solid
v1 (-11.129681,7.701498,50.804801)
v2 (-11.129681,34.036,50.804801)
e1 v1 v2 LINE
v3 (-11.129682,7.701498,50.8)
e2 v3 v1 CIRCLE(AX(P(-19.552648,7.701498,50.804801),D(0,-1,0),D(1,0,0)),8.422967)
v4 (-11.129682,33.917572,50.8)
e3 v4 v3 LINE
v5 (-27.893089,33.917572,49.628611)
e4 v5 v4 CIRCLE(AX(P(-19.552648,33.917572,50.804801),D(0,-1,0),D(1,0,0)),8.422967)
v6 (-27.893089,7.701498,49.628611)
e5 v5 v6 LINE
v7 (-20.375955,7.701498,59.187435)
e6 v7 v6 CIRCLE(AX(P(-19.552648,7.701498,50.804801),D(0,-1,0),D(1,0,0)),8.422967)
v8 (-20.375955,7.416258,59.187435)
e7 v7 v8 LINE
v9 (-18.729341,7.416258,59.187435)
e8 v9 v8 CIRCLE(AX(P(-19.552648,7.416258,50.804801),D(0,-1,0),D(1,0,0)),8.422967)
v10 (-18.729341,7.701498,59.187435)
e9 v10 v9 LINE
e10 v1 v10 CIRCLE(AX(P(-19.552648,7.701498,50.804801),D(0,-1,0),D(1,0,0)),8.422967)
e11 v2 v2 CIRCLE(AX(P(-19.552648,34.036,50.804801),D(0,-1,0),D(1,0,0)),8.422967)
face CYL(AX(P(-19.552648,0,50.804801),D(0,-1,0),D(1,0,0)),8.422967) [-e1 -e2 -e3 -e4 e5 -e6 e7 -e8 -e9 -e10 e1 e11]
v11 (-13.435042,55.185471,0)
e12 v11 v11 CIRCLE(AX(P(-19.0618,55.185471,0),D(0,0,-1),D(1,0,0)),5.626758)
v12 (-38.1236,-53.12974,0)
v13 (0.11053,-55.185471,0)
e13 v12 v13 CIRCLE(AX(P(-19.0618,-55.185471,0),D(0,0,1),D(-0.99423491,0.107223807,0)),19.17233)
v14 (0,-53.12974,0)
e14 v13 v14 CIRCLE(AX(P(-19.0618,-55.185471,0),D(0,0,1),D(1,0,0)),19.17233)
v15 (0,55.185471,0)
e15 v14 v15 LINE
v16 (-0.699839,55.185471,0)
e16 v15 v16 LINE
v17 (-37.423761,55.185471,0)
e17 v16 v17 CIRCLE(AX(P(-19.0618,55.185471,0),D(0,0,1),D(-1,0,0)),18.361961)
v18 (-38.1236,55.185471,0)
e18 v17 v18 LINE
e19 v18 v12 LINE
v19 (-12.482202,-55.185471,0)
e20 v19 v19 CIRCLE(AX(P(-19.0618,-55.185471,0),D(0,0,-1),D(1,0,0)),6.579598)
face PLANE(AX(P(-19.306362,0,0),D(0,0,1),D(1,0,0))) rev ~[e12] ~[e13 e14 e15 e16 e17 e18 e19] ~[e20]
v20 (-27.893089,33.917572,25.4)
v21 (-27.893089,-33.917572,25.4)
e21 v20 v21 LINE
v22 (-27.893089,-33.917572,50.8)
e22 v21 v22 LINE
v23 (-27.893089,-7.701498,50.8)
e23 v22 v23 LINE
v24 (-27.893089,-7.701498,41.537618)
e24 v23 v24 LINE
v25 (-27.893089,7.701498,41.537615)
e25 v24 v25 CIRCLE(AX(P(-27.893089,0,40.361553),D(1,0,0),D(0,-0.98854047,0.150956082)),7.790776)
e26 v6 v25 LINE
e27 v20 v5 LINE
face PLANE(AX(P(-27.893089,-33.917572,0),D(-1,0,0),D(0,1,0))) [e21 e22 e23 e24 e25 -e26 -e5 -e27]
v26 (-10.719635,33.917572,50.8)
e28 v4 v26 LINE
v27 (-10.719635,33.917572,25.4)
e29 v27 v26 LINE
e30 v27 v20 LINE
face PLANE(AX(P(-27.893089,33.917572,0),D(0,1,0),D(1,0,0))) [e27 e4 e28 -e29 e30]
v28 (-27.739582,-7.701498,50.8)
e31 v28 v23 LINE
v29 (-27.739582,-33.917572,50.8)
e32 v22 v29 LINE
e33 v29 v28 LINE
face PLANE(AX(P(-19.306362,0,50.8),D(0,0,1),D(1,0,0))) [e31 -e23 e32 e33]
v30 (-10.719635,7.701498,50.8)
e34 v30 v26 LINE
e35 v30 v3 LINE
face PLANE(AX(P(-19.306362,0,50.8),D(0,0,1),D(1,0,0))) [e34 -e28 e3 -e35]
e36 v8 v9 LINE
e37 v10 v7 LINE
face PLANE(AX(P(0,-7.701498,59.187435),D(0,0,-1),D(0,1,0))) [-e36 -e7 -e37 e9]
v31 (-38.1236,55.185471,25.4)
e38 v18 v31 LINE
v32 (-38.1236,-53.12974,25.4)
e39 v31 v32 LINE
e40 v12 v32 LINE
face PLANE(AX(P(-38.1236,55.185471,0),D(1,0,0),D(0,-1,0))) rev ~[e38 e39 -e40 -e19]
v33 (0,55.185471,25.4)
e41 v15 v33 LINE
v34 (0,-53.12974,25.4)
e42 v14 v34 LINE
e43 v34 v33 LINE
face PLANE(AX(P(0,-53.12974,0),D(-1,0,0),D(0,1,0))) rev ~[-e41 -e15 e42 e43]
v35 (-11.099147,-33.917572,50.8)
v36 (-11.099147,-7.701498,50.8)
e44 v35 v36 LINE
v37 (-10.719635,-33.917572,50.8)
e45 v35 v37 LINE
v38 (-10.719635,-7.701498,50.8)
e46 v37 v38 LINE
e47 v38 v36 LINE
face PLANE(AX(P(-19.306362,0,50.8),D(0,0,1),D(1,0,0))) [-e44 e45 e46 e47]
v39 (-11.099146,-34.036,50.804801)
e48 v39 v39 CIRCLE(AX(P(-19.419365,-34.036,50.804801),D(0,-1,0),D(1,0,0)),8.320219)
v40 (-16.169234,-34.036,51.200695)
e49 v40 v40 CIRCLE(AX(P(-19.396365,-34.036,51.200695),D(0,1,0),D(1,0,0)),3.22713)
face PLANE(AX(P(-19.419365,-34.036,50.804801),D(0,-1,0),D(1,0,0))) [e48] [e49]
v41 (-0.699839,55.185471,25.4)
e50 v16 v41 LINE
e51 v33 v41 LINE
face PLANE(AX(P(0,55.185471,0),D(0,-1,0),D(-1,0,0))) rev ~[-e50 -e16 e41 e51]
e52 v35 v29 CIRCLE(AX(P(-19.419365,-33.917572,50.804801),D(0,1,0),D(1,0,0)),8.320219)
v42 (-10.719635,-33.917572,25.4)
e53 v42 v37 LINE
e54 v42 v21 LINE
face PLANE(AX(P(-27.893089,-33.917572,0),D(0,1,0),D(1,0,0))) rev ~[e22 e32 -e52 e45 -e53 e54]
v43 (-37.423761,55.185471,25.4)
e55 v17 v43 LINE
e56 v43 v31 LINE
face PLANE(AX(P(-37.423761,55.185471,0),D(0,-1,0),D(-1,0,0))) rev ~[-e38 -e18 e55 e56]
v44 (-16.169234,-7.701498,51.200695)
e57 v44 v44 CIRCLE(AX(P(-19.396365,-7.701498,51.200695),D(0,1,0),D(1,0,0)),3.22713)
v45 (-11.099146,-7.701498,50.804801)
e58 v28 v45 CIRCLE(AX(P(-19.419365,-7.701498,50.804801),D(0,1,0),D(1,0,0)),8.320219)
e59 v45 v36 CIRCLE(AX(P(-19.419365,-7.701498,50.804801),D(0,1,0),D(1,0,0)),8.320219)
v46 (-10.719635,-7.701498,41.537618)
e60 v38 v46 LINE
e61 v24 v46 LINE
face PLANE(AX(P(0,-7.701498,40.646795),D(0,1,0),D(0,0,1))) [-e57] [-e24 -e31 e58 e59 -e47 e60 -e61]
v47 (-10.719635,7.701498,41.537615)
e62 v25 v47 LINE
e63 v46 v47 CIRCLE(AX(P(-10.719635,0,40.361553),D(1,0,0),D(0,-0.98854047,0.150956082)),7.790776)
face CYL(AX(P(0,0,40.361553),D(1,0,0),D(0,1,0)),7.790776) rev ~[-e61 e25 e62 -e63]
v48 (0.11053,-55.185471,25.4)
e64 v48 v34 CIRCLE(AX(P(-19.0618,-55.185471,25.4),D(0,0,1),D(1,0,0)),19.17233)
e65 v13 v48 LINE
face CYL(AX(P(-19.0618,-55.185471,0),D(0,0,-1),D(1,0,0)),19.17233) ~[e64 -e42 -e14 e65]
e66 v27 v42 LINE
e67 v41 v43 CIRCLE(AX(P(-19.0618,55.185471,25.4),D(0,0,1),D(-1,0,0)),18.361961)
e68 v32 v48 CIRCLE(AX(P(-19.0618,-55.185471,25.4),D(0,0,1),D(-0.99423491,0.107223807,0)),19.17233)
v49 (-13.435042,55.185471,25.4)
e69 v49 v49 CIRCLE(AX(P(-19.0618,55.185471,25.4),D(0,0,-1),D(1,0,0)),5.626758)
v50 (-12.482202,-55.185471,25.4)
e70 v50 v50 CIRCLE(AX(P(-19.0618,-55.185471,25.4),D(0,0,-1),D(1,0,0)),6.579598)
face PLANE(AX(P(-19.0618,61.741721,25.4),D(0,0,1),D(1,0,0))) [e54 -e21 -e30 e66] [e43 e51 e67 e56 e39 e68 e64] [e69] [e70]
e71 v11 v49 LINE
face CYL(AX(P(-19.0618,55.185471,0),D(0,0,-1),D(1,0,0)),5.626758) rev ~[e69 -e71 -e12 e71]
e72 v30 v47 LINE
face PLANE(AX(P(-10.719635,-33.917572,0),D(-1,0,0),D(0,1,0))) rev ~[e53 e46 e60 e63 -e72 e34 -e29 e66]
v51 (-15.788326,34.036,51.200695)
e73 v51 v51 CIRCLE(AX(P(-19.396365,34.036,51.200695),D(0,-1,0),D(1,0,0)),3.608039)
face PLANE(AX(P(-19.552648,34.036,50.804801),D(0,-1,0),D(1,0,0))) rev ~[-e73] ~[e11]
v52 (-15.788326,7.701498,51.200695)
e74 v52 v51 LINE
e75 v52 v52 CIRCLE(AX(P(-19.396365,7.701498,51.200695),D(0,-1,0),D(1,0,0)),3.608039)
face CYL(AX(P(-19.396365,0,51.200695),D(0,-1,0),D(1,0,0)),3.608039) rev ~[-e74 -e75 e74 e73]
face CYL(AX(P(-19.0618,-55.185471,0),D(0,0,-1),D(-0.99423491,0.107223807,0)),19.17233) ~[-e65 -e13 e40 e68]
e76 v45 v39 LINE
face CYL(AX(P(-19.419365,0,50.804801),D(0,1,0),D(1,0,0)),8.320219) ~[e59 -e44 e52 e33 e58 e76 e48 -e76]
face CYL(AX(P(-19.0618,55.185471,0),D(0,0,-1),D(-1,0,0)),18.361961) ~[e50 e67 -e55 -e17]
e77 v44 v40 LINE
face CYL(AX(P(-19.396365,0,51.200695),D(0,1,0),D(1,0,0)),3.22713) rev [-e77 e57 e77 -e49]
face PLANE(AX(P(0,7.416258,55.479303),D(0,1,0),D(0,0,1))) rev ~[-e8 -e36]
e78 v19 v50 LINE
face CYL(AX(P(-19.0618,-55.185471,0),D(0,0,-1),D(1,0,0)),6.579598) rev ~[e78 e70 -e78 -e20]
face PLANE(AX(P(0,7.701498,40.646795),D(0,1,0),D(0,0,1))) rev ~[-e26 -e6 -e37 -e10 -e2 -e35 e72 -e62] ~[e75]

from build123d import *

# Parameters (mm, degrees)
F1_DEPTH  = 25.4
F2_W      = 17.1734541655
F2_H      = 67.8351446986
F3_DEPTH  = 50.8
F4_R      = 8.3202188196
F5_DEPTH  = 34.036
F6_R      = 8.4229671273
F7_DEPTH  = 34.036
F8_R      = 7.7907761567
F9_DEPTH  = 38.2351304042
F10_W     = 15.4029955156
F10_H     = 18.5406394303
F11_DEPTH = 38.2351304042
F12_W     = 7.4162576348
F12_H     = 9.1277062893
F13_DEPTH = 38.2351304042
F14_R     = 3.6080391768
F15_DEPTH = 73.5484318443
F16_DEPTH = 73.5484318443
F17_R     = 3.2271301898
F18_DEPTH = 36.068


with BuildPart() as f1:
    # F0 (on Top) → F1 (new body)
    with BuildSketch(Plane.XY):
        with BuildLine():
            Line((-13.4350418075, 55.1854707301), (-0.6998389782, 55.1854707301))
            ThreePointArc((-0.6998389782, 55.1854707301), (-19.0618000925, 73.5474318443), (-37.4237612067, 55.1854707301))
            Line((-37.4237612067, 55.1854707301), (-24.6885583774, 55.1854707301))
            ThreePointArc((-24.6885583774, 55.1854707301), (-19.0618000925, 60.812229015), (-13.4350418075, 55.1854707301))
        make_face()
        with BuildLine():
            ThreePointArc((-37.4237612067, 55.1854707301), (-19.0618000925, 36.8235096158), (-0.6998389782, 55.1854707301))
            Line((-0.6998389782, 55.1854707301), (-13.4350418075, 55.1854707301))
            ThreePointArc((-13.4350418075, 55.1854707301), (-19.0618000925, 49.5587124451), (-24.6885583774, 55.1854707301))
            Line((-24.6885583774, 55.1854707301), (-37.4237612067, 55.1854707301))
        make_face()
        with BuildLine():
            ThreePointArc((-38.1236001849, -53.1297404909), (-19.0618000925, -36.0131404184), (0, -53.1297404909))
            Line((0, -53.1297404909), (0, 55.1854707301))
            Line((0, 55.1854707301), (-0.6998389782, 55.1854707301))
            ThreePointArc((-0.6998389782, 55.1854707301), (-19.0618000925, 36.8235096158), (-37.4237612067, 55.1854707301))
            Line((-37.4237612067, 55.1854707301), (-38.1236001849, 55.1854707301))
            Line((-38.1236001849, 55.1854707301), (-38.1236001849, -53.1297404909))
        make_face()
        with BuildLine():
            Line((-12.4822018454, -55.1854707301), (0, -55.1854707301))
            Line((0, -55.1854707301), (0, -53.1297404909))
            ThreePointArc((0, -53.1297404909), (-19.0618000925, -36.0131404184), (-38.1236001849, -53.1297404909))
            Line((-38.1236001849, -53.1297404909), (-38.1236001849, -55.1854707301))
            Line((-38.1236001849, -55.1854707301), (-25.6413983395, -55.1854707301))
            ThreePointArc((-25.6413983395, -55.1854707301), (-19.0618000925, -48.605872483), (-12.4822018454, -55.1854707301))
        make_face()
        with BuildLine():
            Line((0, -53.1297404909), (0, -55.1854707301))
            Line((0, -55.1854707301), (-12.4822018454, -55.1854707301))
            ThreePointArc((-12.4822018454, -55.1854707301), (-19.0618000925, -61.7650689771), (-25.6413983395, -55.1854707301))
            Line((-25.6413983395, -55.1854707301), (-38.1236001849, -55.1854707301))
            Line((-38.1236001849, -55.1854707301), (-38.1236001849, -53.1297404909))
            ThreePointArc((-38.1236001849, -53.1297404909), (-20.0911498563, -74.3301485452), (0.1105302192, -55.1854707301))
            ThreePointArc((0.1105302192, -55.1854707301), (0.0828777227, -54.1561209662), (0, -53.1297404909))
        make_face()
    extrude(amount=F1_DEPTH)

    # F2 (on Top) → F3 (join)
    with BuildSketch(Plane.XY):
        with Locations((-19.3063616753, 0)):
            Rectangle(F2_W, F2_H)
    extrude(amount=F3_DEPTH)

    # F4 (on Front) → F5 (join)
    with BuildSketch(Plane.XZ):
        with Locations((-19.4193646312, 50.8048012853)):
            Circle(F4_R)
    extrude(amount=F5_DEPTH)

    # F6 (on Front) → F7 (join)
    with BuildSketch(Plane.XZ):
        with Locations((-19.5526480675, 50.8048012853)):
            Circle(F6_R)
    extrude(amount=-F7_DEPTH)

    # F8 (on Right) → F9 (cut, through all)
    with BuildSketch(Plane.YZ):
        with Locations((0, 40.3615534306)):
            Circle(F8_R)
    extrude(amount=-F9_DEPTH, mode=Mode.SUBTRACT)

    # F10 (on Right) → F11 (cut, through all)
    with BuildSketch(Plane.YZ):
        with Locations((2.328e-07, 49.9171148986)):
            Rectangle(F10_W, F10_H)
    extrude(amount=-F11_DEPTH, mode=Mode.SUBTRACT)

    # F12 (on Right) → F13 (cut, through all)
    with BuildSketch(Plane.YZ):
        with Locations((3.7081288174, 60.043156147)):
            Rectangle(F12_W, F12_H)
    extrude(amount=-F13_DEPTH, mode=Mode.SUBTRACT)

    # F14 (on Front) → F15 (cut, through all)
    with BuildSketch(Plane.XZ):
        with Locations((-19.3963646889, 51.2006953359)):
            Circle(F14_R)
    extrude(amount=-F15_DEPTH, mode=Mode.SUBTRACT)

    # F14 (on Front) → F16 (cut, through all)
    with BuildSketch(Plane.XZ):
        with Locations((-19.3963646889, 51.2006953359)):
            Circle(F14_R)
    extrude(amount=-F16_DEPTH, mode=Mode.SUBTRACT)

    # F17 (on Front) → F18 (cut)
    with BuildSketch(Plane.XZ):
        with Locations((-19.3963646889, 51.2006953359)):
            Circle(F17_R)
    extrude(amount=F18_DEPTH, mode=Mode.SUBTRACT)


solid = f1.part
